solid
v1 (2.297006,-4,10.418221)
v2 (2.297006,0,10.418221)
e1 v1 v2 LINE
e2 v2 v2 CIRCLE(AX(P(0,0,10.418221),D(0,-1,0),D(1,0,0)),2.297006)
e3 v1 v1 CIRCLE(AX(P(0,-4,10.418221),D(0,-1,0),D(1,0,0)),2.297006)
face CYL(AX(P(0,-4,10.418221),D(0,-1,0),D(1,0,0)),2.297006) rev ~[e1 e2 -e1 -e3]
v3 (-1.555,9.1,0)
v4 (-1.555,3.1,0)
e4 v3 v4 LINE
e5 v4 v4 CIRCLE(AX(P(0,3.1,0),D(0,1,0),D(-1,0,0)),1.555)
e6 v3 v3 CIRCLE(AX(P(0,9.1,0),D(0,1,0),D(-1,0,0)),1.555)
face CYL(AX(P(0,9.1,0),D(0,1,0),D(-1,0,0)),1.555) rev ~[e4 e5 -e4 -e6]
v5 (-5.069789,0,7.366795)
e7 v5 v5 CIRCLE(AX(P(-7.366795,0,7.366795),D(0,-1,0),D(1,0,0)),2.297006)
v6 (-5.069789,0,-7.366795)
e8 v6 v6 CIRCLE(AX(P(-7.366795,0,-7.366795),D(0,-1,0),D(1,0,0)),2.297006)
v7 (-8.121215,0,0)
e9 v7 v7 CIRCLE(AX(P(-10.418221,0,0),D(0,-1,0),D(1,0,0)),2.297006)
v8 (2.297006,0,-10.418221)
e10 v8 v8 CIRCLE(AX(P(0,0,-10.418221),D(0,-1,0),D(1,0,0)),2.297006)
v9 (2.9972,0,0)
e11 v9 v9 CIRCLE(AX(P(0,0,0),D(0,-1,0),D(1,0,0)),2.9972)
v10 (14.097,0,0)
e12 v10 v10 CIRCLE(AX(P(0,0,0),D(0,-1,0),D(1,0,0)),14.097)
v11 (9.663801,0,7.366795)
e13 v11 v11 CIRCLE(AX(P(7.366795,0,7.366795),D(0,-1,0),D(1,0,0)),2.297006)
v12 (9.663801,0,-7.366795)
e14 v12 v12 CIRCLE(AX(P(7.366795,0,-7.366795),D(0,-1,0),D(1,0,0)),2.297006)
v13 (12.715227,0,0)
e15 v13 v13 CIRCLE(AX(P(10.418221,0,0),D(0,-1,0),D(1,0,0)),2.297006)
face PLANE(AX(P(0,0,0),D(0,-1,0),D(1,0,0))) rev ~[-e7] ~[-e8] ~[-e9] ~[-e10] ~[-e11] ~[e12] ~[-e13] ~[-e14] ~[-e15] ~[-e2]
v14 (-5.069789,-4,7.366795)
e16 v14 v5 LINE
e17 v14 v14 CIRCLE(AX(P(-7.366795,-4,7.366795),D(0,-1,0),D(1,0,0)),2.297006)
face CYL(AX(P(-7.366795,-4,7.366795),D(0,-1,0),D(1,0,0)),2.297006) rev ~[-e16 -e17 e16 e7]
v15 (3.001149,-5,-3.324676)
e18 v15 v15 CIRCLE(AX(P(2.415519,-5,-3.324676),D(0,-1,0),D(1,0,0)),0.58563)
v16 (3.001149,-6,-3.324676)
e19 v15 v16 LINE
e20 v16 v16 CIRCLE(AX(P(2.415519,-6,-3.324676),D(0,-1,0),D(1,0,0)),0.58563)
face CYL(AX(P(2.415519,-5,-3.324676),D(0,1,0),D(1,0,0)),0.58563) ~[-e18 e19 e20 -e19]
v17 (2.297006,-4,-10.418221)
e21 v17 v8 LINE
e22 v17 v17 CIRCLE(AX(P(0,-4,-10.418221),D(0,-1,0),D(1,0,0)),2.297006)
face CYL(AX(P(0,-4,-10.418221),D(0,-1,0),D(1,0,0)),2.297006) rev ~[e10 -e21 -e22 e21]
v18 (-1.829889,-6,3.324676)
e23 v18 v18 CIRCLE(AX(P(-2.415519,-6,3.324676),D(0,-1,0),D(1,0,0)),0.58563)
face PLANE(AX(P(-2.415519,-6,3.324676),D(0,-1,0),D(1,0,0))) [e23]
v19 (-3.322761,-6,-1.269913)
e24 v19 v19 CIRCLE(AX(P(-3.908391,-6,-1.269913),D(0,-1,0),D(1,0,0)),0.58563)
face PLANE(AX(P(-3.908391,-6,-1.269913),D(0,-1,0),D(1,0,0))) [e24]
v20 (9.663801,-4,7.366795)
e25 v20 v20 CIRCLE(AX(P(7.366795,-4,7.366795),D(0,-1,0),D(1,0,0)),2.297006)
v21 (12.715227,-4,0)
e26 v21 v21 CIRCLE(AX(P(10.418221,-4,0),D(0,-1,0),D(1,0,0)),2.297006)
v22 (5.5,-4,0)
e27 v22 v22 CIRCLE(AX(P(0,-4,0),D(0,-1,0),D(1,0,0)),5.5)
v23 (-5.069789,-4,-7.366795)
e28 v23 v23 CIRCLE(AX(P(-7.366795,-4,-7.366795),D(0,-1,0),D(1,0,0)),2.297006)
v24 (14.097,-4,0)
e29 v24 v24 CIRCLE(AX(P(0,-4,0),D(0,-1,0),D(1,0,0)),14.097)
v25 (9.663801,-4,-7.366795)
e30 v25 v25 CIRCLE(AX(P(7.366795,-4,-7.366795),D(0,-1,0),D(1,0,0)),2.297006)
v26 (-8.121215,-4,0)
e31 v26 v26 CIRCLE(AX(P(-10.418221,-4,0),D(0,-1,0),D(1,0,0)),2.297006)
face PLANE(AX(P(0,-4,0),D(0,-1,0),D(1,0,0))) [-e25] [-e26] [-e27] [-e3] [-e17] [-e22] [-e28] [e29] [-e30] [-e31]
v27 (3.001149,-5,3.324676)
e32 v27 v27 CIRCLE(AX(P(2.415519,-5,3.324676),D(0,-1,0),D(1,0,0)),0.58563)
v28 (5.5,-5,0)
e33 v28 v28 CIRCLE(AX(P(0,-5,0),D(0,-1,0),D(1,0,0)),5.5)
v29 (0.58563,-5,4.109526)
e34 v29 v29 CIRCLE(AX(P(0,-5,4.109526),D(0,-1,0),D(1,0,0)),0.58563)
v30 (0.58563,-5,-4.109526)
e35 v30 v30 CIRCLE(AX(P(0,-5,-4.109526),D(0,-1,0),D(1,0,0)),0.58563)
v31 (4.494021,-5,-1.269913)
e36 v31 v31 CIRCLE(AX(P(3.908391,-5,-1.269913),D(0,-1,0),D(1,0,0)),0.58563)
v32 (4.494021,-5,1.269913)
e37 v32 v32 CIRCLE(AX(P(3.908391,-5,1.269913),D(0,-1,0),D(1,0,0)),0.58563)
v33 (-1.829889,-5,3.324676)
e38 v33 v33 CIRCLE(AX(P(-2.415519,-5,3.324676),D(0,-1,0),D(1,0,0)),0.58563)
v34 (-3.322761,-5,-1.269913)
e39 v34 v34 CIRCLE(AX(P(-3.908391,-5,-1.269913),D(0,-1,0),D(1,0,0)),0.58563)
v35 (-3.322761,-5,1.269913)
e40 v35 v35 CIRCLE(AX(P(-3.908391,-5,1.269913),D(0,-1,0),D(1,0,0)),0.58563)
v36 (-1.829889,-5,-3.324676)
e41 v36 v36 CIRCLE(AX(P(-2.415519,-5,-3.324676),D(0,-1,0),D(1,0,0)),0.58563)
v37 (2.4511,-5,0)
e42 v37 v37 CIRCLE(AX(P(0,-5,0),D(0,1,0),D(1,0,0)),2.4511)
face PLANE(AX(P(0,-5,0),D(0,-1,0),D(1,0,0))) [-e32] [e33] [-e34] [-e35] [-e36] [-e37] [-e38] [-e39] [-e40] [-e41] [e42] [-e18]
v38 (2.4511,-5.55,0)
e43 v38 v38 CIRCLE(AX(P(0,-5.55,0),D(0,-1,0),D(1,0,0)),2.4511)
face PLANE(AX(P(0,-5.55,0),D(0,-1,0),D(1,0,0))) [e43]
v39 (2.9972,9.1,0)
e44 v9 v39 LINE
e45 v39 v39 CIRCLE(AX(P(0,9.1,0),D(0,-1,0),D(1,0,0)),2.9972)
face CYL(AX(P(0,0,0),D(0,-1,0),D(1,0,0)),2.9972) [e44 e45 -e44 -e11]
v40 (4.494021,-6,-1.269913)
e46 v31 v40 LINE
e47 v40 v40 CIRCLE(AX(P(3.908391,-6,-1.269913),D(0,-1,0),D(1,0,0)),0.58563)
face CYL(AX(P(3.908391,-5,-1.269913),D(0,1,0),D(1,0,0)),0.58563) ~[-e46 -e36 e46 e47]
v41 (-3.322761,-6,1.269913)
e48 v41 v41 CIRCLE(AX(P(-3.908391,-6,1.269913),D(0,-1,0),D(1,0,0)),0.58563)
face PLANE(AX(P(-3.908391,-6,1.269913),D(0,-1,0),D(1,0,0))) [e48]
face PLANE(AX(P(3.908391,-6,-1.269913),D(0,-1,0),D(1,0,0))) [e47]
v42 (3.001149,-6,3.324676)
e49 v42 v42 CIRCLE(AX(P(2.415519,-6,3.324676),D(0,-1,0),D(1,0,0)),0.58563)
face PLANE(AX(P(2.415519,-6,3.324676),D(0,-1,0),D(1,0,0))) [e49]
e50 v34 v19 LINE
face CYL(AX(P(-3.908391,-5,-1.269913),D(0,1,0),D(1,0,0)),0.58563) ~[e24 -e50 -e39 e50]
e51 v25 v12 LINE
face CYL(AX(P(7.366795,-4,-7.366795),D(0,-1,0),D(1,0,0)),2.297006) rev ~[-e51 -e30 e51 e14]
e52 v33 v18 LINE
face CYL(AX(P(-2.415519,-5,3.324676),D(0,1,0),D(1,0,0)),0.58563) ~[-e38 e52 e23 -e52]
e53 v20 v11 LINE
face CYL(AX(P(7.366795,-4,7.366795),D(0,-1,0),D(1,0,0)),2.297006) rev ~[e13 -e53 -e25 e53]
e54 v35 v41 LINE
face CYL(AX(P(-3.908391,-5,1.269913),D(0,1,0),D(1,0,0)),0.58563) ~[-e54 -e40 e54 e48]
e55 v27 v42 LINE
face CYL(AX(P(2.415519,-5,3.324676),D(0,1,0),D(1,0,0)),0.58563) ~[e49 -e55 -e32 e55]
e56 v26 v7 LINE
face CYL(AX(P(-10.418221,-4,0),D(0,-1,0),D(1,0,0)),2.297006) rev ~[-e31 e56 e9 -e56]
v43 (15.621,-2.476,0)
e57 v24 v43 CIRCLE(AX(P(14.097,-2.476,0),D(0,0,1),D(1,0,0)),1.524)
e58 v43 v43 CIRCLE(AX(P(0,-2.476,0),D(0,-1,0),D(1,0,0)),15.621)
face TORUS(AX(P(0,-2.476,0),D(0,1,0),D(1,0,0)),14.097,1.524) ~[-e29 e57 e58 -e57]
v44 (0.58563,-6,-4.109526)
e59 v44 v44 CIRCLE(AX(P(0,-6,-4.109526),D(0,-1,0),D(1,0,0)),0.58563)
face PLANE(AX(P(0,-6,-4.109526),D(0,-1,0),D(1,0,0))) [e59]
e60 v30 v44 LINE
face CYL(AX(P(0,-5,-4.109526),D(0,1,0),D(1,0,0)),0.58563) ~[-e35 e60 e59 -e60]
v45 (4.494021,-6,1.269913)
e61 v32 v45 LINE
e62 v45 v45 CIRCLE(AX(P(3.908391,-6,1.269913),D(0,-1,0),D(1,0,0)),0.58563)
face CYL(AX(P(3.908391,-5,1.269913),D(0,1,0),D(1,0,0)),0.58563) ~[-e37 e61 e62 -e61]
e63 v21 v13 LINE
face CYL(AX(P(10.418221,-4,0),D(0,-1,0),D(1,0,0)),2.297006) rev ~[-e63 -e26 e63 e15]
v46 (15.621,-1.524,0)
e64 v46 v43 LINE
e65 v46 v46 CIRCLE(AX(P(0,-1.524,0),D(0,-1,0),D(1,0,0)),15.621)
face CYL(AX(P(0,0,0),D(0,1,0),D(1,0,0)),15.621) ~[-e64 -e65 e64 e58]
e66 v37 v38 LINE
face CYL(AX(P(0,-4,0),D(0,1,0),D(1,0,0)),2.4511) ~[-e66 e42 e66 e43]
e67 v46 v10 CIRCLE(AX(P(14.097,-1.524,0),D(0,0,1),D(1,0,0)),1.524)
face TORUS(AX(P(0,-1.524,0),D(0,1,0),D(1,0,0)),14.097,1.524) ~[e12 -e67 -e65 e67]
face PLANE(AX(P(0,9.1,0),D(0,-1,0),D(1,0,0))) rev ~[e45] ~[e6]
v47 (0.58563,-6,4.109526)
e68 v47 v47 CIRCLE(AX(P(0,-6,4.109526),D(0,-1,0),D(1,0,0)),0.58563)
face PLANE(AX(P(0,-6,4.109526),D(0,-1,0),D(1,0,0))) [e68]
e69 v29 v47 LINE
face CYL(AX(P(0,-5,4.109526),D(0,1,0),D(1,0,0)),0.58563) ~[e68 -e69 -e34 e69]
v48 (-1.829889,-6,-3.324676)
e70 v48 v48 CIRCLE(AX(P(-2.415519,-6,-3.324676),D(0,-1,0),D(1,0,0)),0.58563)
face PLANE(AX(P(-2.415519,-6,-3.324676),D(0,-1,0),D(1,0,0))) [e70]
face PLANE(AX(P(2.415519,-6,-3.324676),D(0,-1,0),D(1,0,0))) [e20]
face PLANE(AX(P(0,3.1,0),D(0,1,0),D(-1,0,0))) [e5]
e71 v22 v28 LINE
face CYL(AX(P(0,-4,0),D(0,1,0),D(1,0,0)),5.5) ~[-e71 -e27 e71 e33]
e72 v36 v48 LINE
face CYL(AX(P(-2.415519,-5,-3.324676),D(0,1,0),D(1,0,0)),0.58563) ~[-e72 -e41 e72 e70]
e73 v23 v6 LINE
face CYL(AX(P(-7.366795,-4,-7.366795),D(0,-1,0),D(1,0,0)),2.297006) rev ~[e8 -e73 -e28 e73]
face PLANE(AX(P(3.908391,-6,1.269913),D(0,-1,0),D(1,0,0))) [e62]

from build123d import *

# Parameters (mm, degrees)
F0_R      = 15.621
F1_DEPTH  = 4
F2_R      = 2.4511
F3_DEPTH  = 1.55
F4_R      = 2.9972
F5_DEPTH  = 9.1
F6_R      = 1.555
F7_DEPTH  = 6
F9_R      = 5.5
F10_DEPTH = 1
F11_R     = 1.524
F12_R     = 1.524
F13_R     = 0.58563
F14_DEPTH = 1
F15_R     = 2.297006
F16_DEPTH = 25.4


with BuildPart() as f1:
    # F0 (on Front) → F1 (new body)
    with BuildSketch(Plane.XZ):
        Circle(F0_R)
    extrude(amount=F1_DEPTH)

    # F2 (on face) → F3 (join)
    with BuildSketch(Plane.XZ.offset(4)):
        Circle(F2_R)
    extrude(amount=F3_DEPTH)

    # F4 (on face) → F5 (join)
    with BuildSketch(Plane.XZ):
        Circle(F4_R)
    extrude(amount=-F5_DEPTH)

    # F6 (on face) → F7 (cut)
    with BuildSketch(Plane(origin=(0, 9.1, 0), x_dir=(-1, 0, 0), z_dir=(0, 1, 0))):
        Circle(F6_R)
    extrude(amount=-F7_DEPTH, mode=Mode.SUBTRACT)

    # F9 (on face) → F10 (join)
    with BuildSketch(Plane.XZ.offset(4)):
        Circle(F9_R)
    extrude(amount=F10_DEPTH)

    # F11
    f11_edges = [f1.edges().sort_by_distance(p)[0] for p in [
        (-15.621, -4, 0),
    ]]
    fillet(f11_edges, radius=F11_R)

    # F12
    f12_edges = [f1.edges().sort_by_distance(p)[0] for p in [
        (-15.621, 0, 0),
    ]]
    fillet(f12_edges, radius=F12_R)

    # F13 (on face) → F14 (join)
    with BuildSketch(Plane.XZ.offset(5)):
        with Locations((3.908391, -1.269913)):
            Circle(F13_R)
        with Locations((0, -4.109526)):
            Circle(F13_R)
        with Locations((-3.908391, -1.269913)):
            Circle(F13_R)
        with Locations((-2.415519, -3.324676)):
            Circle(F13_R)
        with Locations((-3.908391, 1.269913)):
            Circle(F13_R)
        with Locations((-2.415519, 3.324676)):
            Circle(F13_R)
        with Locations((0, 4.109526)):
            Circle(F13_R)
        with Locations((2.415519, 3.324676)):
            Circle(F13_R)
        with Locations((3.908391, 1.269913)):
            Circle(F13_R)
        with Locations((2.415519, -3.324676)):
            Circle(F13_R)
    extrude(amount=F14_DEPTH)

    # F15 (on face) → F16 (cut)
    with BuildSketch(Plane.XZ.offset(4)):
        with Locations((7.366795, 7.366795)):
            Circle(F15_R)
        with Locations((0, 10.418221)):
            Circle(F15_R)
        with Locations((-7.366795, 7.366795)):
            Circle(F15_R)
        with Locations((-10.418221, 0)):
            Circle(F15_R)
        with Locations((-7.366795, -7.366795)):
            Circle(F15_R)
        with Locations((0, -10.418221)):
            Circle(F15_R)
        with Locations((7.366795, -7.366795)):
            Circle(F15_R)
        with Locations((10.418221, 0)):
            Circle(F15_R)
    extrude(amount=-F16_DEPTH, mode=Mode.SUBTRACT)


solid = f1.part
